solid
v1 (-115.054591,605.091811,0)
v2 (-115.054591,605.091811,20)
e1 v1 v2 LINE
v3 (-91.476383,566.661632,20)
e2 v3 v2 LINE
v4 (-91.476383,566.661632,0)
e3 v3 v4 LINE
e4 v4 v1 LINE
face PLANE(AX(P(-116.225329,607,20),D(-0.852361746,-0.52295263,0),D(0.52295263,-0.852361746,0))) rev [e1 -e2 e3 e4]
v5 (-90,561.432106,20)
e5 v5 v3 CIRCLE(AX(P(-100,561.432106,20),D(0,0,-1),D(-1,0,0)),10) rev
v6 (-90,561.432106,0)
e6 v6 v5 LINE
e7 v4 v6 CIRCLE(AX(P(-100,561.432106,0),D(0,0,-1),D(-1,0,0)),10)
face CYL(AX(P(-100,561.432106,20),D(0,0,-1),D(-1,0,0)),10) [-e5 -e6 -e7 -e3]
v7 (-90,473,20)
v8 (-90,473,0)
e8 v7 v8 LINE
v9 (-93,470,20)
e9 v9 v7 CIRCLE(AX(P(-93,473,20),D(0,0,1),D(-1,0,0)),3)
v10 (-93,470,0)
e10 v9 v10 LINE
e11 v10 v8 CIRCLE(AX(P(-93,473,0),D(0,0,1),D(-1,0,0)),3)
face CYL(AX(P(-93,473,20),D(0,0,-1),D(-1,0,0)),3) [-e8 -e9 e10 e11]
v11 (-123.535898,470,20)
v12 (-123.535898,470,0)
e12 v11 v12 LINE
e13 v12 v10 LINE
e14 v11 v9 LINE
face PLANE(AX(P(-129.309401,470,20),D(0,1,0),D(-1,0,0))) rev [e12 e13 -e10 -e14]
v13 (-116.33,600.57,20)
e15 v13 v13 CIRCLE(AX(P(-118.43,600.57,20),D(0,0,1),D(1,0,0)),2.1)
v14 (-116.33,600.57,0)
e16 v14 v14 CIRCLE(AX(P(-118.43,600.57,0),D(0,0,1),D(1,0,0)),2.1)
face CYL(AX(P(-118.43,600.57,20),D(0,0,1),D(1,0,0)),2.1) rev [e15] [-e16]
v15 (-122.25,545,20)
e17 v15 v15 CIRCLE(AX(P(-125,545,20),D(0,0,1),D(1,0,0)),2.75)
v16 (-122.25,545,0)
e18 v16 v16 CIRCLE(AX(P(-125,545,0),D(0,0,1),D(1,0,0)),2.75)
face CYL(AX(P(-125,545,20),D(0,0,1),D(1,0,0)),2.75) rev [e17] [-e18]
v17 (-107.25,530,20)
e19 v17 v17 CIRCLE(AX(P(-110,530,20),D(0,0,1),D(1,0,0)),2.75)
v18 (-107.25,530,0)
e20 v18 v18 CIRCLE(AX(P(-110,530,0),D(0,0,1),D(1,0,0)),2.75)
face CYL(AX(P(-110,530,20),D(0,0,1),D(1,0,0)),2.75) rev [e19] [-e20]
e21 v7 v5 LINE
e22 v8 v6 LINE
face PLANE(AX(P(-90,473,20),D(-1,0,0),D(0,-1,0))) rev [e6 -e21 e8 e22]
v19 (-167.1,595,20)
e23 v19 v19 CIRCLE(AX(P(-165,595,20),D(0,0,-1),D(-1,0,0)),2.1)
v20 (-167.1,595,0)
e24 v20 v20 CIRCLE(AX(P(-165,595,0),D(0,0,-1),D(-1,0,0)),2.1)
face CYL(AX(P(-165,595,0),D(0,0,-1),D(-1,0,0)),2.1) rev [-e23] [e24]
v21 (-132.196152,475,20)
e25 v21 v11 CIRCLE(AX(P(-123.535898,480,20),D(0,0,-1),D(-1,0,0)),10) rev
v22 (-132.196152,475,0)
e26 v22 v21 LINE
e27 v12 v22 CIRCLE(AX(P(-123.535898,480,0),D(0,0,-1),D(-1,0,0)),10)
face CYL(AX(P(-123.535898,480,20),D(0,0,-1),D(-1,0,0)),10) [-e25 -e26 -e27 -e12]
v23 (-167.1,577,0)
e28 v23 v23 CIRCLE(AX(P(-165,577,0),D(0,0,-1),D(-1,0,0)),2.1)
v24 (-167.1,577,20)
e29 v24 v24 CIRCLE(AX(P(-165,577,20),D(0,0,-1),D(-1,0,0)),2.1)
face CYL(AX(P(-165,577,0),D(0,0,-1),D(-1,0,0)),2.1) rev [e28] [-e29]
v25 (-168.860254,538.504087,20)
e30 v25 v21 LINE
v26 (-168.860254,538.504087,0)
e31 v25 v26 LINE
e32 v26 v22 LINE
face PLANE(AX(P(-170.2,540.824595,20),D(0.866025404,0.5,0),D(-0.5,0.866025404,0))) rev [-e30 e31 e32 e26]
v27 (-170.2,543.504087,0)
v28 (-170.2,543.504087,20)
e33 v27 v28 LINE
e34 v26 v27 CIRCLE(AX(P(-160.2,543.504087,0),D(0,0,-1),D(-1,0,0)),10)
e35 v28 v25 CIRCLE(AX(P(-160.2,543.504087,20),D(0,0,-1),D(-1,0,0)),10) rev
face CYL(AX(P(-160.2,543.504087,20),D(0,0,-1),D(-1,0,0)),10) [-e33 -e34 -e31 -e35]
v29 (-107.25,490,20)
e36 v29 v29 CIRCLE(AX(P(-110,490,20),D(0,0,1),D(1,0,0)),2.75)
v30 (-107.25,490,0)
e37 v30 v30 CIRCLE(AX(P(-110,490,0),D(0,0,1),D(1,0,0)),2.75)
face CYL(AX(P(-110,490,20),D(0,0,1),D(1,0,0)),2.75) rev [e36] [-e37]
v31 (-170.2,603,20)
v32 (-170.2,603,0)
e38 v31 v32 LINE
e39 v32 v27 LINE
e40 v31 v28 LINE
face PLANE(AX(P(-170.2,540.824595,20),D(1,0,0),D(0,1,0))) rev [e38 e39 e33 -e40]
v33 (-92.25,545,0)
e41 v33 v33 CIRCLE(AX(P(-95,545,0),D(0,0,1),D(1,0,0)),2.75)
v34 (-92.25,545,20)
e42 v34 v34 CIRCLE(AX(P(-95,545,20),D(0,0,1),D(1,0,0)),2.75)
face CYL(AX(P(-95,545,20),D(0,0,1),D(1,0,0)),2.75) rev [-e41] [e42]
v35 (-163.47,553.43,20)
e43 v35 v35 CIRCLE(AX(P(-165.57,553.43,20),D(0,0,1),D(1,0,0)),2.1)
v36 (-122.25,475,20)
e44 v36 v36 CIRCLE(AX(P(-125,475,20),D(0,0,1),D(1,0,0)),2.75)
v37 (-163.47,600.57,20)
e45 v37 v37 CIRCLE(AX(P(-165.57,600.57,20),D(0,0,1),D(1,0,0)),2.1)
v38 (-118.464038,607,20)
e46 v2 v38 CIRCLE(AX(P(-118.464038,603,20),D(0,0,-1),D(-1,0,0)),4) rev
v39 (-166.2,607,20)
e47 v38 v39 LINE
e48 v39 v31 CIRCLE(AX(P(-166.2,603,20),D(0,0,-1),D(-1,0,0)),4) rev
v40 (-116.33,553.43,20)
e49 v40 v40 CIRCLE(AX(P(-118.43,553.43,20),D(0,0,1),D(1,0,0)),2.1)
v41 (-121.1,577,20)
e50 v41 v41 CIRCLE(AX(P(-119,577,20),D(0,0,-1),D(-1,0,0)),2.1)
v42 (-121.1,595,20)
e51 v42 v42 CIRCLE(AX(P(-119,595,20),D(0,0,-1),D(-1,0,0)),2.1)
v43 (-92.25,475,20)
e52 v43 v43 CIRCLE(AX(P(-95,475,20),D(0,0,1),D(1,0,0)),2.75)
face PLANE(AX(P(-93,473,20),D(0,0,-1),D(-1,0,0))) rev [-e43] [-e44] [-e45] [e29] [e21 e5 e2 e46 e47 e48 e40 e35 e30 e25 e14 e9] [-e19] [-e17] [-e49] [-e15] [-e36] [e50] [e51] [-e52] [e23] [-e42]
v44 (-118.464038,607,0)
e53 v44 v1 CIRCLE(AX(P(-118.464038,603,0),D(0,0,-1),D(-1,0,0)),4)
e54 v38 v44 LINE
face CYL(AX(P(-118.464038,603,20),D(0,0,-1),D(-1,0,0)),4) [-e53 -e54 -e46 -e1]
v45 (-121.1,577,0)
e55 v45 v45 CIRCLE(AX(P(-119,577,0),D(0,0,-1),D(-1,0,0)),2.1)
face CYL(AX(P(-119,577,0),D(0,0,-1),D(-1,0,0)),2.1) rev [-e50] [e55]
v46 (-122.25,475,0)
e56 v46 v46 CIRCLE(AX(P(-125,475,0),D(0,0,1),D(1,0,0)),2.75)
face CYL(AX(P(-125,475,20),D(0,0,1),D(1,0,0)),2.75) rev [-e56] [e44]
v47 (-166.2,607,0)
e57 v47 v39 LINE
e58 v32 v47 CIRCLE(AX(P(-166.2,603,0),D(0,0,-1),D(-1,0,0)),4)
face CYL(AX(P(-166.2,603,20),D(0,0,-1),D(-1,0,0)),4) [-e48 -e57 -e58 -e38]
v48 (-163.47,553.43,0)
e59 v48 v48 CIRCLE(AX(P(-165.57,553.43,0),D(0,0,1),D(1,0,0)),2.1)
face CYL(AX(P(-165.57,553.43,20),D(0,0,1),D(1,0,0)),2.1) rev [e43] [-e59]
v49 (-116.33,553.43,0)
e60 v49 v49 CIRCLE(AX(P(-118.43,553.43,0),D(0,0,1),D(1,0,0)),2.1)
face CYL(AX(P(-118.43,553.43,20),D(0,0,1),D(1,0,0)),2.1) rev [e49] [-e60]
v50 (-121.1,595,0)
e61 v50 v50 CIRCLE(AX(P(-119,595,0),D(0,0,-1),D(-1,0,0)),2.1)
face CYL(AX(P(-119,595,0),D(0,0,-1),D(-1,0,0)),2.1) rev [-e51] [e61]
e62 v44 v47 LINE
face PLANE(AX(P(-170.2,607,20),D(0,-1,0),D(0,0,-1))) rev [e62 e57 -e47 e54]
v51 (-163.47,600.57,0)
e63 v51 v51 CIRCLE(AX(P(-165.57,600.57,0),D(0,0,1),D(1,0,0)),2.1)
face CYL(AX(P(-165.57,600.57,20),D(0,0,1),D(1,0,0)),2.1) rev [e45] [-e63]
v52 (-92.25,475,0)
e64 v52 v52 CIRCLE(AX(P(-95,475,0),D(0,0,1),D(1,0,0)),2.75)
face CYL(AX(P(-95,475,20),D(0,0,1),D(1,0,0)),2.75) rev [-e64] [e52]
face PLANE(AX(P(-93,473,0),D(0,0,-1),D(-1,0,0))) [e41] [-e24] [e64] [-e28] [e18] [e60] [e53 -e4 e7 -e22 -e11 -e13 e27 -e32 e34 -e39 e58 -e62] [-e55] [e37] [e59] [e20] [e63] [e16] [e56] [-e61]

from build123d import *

# Parameters (mm, degrees)
BOSS_EXTRUDE1_DEPTH     = 20
FILLET1_R               = 10
TAP_DRILL_FOR_M5_TAP1_D = 4.2
M5_CLEARANCE_HOLE1_D    = 5.5
TAP_DRILL_FOR_M5_TAP2_D = 4.2
FILLET2_R               = 4


with BuildPart() as part:
    # Sketch1 → Boss-Extrude1 (new body)
    with BuildSketch(Plane.XY):
        with BuildLine():
            Line((-170.200000001, 540.824594888), (-129.309401077, 470))
            Line((-129.309401077, 470), (-93, 470))
            ThreePointArc((-93, 470), (-90.878679656, 470.878679656), (-90, 473))
            Line((-90, 473), (-90, 564.25527297))
            Line((-90, 564.25527297), (-116.225329238, 607))
            Line((-116.225329238, 607), (-170.200000001, 607))
            Line((-170.200000001, 607), (-170.200000001, 540.824594888))
        make_face()
    extrude(amount=BOSS_EXTRUDE1_DEPTH)

    # Fillet1
    fillet1_edges = [part.edges().sort_by_distance(p)[0] for p in [
        (-90, 564.25527297, 10),
        (-129.309401077, 470, 10),
        (-170.200000001, 540.824594888, 10),
    ]]
    fillet(fillet1_edges, radius=FILLET1_R)

    # Tap Drill for M5 Tap1 (through all)
    with Locations(Plane(origin=(0, 0, 0), x_dir=(-1, 0, 0), z_dir=(0, 0, -1))):
        with Locations((119.000000001, 595), (119.000000001, 577), (165.000000001, 577), (165.000000001, 595)):
            Hole(TAP_DRILL_FOR_M5_TAP1_D / 2)

    # M5 Clearance Hole1 (through all)
    with Locations(Plane.XY.offset(20)):
        with Locations((-95, 545), (-125, 545), (-125, 475), (-95, 475), (-110, 490), (-110, 530)):
            Hole(M5_CLEARANCE_HOLE1_D / 2)

    # Tap Drill for M5 Tap2 (through all)
    with Locations(Plane.XY.offset(20)):
        with Locations((-165.570000001, 553.43), (-165.570000001, 600.57), (-118.430000001, 553.43), (-118.430000001, 600.57)):
            Hole(TAP_DRILL_FOR_M5_TAP2_D / 2)

    # Fillet2
    fillet2_edges = [part.edges().sort_by_distance(p)[0] for p in [
        (-116.225329238, 607, 10),
        (-170.200000001, 607, 10),
    ]]
    fillet(fillet2_edges, radius=FILLET2_R)


solid = part.part
